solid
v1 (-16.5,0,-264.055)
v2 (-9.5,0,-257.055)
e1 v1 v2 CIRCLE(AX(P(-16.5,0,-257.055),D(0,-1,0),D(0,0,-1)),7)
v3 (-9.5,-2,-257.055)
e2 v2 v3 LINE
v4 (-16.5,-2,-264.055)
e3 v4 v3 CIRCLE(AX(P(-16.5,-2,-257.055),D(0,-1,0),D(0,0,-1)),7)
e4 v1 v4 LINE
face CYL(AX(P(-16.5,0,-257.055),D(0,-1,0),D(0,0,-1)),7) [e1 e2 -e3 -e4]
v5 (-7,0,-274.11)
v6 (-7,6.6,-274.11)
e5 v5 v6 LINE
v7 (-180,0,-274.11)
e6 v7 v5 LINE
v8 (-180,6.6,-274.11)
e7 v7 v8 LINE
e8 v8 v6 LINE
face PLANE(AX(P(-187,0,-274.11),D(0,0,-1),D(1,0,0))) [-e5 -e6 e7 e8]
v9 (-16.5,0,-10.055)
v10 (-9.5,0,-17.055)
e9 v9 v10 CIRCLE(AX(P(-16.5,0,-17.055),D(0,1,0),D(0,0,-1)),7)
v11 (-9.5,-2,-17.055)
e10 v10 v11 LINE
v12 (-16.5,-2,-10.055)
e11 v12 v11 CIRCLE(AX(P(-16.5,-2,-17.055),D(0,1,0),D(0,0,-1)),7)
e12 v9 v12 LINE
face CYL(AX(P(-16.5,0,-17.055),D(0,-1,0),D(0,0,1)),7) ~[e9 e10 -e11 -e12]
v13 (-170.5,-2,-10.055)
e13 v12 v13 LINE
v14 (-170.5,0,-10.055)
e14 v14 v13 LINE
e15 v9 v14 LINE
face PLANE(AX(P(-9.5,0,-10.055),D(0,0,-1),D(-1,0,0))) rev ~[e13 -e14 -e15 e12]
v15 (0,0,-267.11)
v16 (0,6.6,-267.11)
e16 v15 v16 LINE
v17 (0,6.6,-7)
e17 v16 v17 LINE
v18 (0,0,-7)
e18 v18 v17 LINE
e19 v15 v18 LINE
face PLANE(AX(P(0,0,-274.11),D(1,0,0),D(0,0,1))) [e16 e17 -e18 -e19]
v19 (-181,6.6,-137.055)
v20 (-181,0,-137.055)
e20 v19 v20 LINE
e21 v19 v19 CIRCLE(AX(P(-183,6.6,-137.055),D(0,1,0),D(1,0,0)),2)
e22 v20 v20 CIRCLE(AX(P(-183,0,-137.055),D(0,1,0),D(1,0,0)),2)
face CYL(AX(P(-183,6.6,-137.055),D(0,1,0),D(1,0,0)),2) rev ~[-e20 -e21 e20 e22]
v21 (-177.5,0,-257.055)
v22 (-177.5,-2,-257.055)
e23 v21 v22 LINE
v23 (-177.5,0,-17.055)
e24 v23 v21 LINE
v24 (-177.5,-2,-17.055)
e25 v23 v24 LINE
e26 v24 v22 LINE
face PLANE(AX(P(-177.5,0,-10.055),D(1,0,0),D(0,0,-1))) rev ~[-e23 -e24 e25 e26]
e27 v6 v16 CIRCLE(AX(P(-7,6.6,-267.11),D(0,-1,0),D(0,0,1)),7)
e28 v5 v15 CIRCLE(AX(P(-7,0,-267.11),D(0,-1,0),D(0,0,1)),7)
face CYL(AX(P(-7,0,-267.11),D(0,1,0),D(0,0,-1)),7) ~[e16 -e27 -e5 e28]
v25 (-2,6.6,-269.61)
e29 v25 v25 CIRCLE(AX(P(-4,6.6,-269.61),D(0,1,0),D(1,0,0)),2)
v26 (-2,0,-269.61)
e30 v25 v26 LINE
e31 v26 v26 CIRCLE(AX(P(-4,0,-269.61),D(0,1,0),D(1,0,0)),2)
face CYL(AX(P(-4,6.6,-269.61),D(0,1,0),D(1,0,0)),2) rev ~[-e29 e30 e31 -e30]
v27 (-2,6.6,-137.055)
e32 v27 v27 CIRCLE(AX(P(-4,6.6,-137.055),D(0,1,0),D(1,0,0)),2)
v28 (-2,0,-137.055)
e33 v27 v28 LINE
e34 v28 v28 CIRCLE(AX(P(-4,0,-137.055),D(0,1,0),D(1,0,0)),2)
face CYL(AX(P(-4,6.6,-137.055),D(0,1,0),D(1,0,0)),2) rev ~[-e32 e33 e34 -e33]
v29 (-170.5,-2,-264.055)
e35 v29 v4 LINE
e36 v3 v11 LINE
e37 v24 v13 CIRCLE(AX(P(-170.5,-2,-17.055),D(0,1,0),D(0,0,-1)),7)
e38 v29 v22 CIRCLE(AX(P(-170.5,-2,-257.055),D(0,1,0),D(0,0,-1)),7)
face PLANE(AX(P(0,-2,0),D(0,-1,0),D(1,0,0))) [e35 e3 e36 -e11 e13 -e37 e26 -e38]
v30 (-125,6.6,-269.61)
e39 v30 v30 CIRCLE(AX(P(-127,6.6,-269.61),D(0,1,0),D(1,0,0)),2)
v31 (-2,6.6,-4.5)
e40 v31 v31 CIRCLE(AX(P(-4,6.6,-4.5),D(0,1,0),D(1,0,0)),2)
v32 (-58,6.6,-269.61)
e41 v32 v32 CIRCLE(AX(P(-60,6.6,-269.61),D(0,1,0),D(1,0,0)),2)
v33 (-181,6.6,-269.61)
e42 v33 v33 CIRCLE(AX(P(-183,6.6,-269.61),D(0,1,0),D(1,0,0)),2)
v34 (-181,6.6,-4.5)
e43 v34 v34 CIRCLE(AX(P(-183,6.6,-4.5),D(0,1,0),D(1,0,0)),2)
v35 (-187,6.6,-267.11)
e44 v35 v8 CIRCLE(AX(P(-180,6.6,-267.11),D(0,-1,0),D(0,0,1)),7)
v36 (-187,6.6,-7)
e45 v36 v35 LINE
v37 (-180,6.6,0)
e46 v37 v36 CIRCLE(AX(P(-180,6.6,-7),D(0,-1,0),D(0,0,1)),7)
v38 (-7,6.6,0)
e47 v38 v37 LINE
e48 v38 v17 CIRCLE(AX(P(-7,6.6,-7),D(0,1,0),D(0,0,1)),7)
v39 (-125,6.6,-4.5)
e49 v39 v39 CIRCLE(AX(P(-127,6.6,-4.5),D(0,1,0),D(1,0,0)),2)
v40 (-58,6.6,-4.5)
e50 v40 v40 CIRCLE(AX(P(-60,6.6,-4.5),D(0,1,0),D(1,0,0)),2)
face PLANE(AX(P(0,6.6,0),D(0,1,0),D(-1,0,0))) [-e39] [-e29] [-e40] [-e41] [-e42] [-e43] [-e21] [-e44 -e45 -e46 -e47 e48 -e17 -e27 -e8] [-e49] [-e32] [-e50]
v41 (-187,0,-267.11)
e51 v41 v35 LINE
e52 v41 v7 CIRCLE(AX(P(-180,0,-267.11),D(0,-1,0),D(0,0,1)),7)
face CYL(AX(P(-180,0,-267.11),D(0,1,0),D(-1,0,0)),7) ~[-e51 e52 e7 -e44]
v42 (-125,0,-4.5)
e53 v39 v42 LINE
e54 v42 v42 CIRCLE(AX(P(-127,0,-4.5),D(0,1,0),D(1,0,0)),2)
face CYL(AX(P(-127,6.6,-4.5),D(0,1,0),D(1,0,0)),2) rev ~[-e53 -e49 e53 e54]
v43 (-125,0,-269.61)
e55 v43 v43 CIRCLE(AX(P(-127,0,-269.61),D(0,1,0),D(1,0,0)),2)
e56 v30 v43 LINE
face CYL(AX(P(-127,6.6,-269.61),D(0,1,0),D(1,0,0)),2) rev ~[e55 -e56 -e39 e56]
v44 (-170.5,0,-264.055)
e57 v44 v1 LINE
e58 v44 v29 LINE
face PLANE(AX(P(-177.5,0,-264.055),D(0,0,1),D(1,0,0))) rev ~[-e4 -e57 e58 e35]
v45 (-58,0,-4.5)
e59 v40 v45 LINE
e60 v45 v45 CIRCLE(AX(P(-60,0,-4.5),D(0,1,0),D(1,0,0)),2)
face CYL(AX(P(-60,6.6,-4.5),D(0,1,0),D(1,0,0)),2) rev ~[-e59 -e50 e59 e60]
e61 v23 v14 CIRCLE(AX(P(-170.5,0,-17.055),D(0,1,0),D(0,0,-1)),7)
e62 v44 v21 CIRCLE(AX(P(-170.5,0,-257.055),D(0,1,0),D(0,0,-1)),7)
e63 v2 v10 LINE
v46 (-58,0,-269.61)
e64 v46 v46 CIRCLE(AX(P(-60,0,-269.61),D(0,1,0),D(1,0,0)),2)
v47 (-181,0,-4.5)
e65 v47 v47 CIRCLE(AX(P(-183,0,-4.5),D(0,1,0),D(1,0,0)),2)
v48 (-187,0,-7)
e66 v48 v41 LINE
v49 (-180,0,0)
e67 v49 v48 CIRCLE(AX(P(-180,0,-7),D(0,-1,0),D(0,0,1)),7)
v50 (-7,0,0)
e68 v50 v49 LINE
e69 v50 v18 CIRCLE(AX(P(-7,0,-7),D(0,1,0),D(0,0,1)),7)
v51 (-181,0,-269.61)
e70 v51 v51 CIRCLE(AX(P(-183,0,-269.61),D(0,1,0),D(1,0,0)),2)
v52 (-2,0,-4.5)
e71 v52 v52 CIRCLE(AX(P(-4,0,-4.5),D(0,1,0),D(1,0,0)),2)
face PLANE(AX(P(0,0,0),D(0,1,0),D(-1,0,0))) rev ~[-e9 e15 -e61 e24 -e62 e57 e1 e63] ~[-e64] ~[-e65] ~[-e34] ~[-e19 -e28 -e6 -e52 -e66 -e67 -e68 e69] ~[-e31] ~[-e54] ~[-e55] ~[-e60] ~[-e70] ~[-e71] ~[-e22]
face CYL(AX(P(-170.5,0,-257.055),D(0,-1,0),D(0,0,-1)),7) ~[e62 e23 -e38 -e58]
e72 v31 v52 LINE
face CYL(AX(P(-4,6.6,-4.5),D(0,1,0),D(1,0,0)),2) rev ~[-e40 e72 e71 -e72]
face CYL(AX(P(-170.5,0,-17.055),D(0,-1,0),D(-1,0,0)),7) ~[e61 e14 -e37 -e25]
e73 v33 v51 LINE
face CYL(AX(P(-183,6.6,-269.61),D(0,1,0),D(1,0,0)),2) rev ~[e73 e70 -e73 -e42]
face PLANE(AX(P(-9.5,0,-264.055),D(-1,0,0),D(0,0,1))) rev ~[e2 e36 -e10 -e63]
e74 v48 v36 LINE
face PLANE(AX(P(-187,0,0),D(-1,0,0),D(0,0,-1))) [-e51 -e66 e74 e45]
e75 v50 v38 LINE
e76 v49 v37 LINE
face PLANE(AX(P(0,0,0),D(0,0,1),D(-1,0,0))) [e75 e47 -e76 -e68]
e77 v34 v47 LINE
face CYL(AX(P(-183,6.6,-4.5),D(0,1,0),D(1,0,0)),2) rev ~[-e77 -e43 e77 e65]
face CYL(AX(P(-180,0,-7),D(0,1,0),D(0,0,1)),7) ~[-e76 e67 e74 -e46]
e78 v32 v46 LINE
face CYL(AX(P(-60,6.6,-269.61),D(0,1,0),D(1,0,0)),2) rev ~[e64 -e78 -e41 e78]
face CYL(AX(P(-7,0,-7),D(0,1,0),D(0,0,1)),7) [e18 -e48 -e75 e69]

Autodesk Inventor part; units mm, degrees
ref_plane "YZ Plane" through (0, 0, 0) normal (1, 0, 0) x (0, 1, 0)
ref_plane "XZ Plane" through (0, 0, 0) normal (0, 1, 0) x (-1, 0, 0)
ref_plane "XY Plane" through (0, 0, 0) normal (0, 0, 1) x (1, 0, 0)
sketch "Sketch1" plane through (0, 0, 0) normal (0, 1, 0) x (-1, 0, 0)
  line L0 (0, 0) -> (187, 0)
  line L1 (187, 0) -> (187, -274.11)
  line L2 (187, -274.11) -> (0, -274.11)
  line L3 (0, -274.11) -> (0, 0)
  dimension "d0" = 187
  dimension "d1" = 274.11
extrude "Extrusion1" add sketch "Sketch1" along normal blind 6.6
fillet "Fillet1" radius 7 4 edges at (0, 3.3, 0) (-187, 3.3, 0) (-187, 3.3, -274.11) (0, 3.3, -274.11)
sketch "Sketch2" plane through (0, 0, 0) normal (0, -1, 0) x (1, 0, 0)
  line L0 (-9.5, -10.055) -> (-177.5, -10.055)
  line L1 (-177.5, -10.055) -> (-177.5, -264.055)
  line L2 (-177.5, -264.055) -> (-9.5, -264.055)
  line L3 (-9.5, -264.055) -> (-9.5, -10.055)
  arc A0 (-7, -274.11) -> (0, -267.11) centre (-7, -267.11) ccw projected
  line L4 (0, -7) -> (0, -267.11) projected
  arc A1 (0, -7) -> (-7, 0) centre (-7, -7) ccw projected
  line L5 (-180, 0) -> (-7, 0) projected
  arc A2 (-180, 0) -> (-187, -7) centre (-180, -7) ccw projected
  line L6 (-187, -267.11) -> (-187, -7) projected
  arc A3 (-187, -267.11) -> (-180, -274.11) centre (-180, -267.11) ccw projected
  line L7 (-7, -274.11) -> (-180, -274.11) projected
  line L8 (-7, -7) -> (-180, -267.11) construction
  line L9 (-177.5, -10.055) -> (-9.5, -264.055) construction
  point P0 (0, 0)
  point P1 (-93.5, -137.055)
  dimension "d5" = 254
  dimension "d6" = 168
extrude "Extrusion2" add sketch "Sketch2" along normal blind 2 contours L3 L2 L1 L0
fillet "Fillet2" radius 7 4 edges at (-9.5, -1, -264.055) (-177.5, -1, -264.055) (-177.5, -1, -10.055) (-9.5, -1, -10.055)
sketch "Sketch3" plane through (0, 6.6, 0) normal (0, 1, 0) x (1, 0, 0)
  line L0 (0, 7) -> (0, 267.11) projected
  line L1 (0, 137.055) -> (-187, 137.055) construction
  line L2 (-187, 267.11) -> (-187, 7) projected
  line L3 (-7, 274.11) -> (-180, 274.11) projected
  line L4 (-93.5, 274.11) -> (-93.5, 0) construction
  line L5 (-180, 0) -> (-7, 0) projected
  circle A0 centre (-4, 137.055) radius 2
  circle A1 centre (-4, 4.5) radius 2
  circle A2 centre (-60, 4.5) radius 2
  circle A3 centre (-4, 269.61) radius 2
  line L6 (-4, 269.61) -> (-183, 269.61) construction
  line L7 (-183, 269.61) -> (-183, 4.5) construction
  line L8 (-183, 4.5) -> (-4, 4.5) construction
  line L9 (-4, 4.5) -> (-4, 269.61) construction
  circle A4 centre (-60, 269.61) radius 2
  circle A5 centre (-183, 137.055) radius 2
  circle A6 centre (-183, 4.5) radius 2
  circle A7 centre (-127, 4.5) radius 2
  circle A8 centre (-183, 269.61) radius 2
  circle A9 centre (-127, 269.61) radius 2
  point P0 (0, 0)
  dimension "d9" = 4
  dimension "d10" = 4
  dimension "d11" = 4
  dimension "d18" = 265.11
  dimension "d19" = 179
  dimension "d20" = 67
extrude "Extrusion4" cut sketch "Sketch3" against normal up to surface (6.6 mm away)
properties part number "screen_case"
